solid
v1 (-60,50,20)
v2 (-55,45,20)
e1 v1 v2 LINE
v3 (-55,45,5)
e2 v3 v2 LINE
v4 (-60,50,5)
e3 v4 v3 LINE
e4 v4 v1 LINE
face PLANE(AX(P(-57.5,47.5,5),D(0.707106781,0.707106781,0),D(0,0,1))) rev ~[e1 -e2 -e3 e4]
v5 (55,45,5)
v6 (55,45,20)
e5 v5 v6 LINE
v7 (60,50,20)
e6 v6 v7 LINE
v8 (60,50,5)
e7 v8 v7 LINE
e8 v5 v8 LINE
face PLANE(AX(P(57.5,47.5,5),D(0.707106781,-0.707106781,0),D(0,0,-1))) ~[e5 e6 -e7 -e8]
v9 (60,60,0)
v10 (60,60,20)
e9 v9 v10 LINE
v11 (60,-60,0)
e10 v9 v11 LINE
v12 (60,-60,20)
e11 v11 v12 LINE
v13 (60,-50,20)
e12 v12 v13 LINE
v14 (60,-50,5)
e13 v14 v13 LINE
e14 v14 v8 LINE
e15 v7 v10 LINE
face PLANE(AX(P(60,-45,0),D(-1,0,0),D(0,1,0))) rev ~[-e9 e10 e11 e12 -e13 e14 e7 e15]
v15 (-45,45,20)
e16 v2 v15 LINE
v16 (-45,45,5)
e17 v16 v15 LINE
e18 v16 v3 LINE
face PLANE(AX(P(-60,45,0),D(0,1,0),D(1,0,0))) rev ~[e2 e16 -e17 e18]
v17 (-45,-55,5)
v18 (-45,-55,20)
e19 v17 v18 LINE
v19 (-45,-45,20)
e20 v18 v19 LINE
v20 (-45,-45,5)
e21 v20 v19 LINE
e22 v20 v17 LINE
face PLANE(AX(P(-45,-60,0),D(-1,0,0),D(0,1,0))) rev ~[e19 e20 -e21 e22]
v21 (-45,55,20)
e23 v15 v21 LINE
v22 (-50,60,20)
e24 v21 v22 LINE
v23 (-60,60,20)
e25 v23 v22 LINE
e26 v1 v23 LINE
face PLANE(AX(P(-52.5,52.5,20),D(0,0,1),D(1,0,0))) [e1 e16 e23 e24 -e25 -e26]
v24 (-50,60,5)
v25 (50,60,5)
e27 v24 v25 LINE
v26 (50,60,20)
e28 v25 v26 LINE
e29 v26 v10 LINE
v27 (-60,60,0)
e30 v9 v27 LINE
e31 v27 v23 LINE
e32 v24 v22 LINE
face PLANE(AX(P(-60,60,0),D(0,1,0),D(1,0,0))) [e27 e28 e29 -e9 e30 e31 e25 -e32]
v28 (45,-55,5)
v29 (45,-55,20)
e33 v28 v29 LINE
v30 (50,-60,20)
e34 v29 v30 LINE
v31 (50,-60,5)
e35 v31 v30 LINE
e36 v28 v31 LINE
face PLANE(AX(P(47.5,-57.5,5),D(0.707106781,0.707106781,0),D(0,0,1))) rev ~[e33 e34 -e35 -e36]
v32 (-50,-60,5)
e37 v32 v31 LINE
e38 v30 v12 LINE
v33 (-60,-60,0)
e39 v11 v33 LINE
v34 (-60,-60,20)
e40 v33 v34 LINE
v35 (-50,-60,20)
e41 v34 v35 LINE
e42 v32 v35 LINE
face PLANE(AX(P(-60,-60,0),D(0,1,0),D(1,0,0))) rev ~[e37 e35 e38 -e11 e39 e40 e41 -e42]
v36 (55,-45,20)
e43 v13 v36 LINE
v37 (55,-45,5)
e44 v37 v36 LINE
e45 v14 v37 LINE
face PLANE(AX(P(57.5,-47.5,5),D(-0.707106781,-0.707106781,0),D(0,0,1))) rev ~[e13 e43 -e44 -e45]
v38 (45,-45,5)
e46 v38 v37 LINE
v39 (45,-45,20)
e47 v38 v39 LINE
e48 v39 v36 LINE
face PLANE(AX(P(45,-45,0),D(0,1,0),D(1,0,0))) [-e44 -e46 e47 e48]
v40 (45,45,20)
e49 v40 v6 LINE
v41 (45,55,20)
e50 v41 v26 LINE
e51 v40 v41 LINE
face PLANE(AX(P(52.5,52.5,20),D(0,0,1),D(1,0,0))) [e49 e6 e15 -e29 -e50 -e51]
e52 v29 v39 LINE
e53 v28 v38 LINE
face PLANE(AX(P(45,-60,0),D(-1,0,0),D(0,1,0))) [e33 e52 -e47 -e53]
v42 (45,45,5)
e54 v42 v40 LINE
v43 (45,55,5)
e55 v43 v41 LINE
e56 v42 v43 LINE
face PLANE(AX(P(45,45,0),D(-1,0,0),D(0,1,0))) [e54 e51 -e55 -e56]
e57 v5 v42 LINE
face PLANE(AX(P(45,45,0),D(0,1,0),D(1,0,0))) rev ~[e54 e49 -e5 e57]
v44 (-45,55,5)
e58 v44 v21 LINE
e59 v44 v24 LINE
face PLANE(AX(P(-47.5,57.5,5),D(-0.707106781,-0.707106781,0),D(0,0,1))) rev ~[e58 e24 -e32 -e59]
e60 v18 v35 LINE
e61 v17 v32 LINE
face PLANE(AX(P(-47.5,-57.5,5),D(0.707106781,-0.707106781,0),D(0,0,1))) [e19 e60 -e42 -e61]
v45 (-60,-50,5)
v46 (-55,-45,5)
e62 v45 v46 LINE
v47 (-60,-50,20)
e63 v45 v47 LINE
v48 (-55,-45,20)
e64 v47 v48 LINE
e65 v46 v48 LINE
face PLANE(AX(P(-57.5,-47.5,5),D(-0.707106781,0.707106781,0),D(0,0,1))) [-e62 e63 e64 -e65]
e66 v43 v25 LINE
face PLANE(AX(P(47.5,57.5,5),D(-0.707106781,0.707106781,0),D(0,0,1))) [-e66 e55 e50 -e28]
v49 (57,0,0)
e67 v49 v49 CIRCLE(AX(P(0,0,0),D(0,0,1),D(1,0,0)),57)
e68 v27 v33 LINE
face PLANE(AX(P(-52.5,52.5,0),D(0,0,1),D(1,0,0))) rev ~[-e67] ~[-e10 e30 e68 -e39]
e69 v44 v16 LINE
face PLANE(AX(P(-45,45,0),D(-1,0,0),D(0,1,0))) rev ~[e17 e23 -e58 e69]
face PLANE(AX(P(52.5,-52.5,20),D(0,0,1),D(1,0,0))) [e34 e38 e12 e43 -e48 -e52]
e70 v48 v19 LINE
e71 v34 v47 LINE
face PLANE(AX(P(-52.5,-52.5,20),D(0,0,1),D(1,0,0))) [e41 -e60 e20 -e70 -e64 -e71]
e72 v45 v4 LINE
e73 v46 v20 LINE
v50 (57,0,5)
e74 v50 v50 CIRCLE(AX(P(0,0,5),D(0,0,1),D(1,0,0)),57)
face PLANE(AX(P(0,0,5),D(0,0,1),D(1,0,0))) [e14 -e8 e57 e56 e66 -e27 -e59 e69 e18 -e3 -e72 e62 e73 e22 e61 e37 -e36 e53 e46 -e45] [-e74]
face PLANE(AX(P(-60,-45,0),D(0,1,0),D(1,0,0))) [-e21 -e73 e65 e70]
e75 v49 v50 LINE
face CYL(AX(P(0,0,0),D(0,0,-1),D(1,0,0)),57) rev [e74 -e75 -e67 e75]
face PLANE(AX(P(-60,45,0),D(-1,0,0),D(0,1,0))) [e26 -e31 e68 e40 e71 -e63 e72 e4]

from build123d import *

# Parameters (mm, degrees)
F0_R     = 57
F1_DEPTH = 5
F0_W     = 15
F0_H     = 15
F2_DEPTH = 20
F3_SIZE  = 5


with BuildPart() as f1:
    # F0 (on Top) → F1 (new body)
    with BuildSketch(Plane.XY):
        Polygon((-45, -60), (45, -60), (45, -45), (60, -45), (60, 45), (45, 45), (45, 60), (-45, 60), (-45, 45), (-60, 45), (-60, -45), (-45, -45), align=None)
        Circle(F0_R, mode=Mode.SUBTRACT)
    extrude(amount=F1_DEPTH)

    # F0 (on Top) → F2 (join)
    with BuildSketch(Plane.XY):
        with Locations((-52.5, 52.5)):
            Rectangle(F0_W, F0_H)
        with Locations((52.5, 52.5)):
            Rectangle(F0_W, F0_H)
        with Locations((52.5, -52.5)):
            Rectangle(F0_W, F0_H)
        with Locations((-52.5, -52.5)):
            Rectangle(F0_W, F0_H)
    extrude(amount=F2_DEPTH)

    # F3
    f3_edges = [f1.edges().sort_by_distance(p)[0] for p in [
        (-60, -45, 12.5),
        (-45, -60, 12.5),
        (45, -60, 12.5),
        (60, -45, 12.5),
        (45, 60, 12.5),
        (60, 45, 12.5),
        (-60, 45, 12.5),
        (-45, 60, 12.5),
    ]]
    chamfer(f3_edges, length=F3_SIZE)


solid = f1.part
